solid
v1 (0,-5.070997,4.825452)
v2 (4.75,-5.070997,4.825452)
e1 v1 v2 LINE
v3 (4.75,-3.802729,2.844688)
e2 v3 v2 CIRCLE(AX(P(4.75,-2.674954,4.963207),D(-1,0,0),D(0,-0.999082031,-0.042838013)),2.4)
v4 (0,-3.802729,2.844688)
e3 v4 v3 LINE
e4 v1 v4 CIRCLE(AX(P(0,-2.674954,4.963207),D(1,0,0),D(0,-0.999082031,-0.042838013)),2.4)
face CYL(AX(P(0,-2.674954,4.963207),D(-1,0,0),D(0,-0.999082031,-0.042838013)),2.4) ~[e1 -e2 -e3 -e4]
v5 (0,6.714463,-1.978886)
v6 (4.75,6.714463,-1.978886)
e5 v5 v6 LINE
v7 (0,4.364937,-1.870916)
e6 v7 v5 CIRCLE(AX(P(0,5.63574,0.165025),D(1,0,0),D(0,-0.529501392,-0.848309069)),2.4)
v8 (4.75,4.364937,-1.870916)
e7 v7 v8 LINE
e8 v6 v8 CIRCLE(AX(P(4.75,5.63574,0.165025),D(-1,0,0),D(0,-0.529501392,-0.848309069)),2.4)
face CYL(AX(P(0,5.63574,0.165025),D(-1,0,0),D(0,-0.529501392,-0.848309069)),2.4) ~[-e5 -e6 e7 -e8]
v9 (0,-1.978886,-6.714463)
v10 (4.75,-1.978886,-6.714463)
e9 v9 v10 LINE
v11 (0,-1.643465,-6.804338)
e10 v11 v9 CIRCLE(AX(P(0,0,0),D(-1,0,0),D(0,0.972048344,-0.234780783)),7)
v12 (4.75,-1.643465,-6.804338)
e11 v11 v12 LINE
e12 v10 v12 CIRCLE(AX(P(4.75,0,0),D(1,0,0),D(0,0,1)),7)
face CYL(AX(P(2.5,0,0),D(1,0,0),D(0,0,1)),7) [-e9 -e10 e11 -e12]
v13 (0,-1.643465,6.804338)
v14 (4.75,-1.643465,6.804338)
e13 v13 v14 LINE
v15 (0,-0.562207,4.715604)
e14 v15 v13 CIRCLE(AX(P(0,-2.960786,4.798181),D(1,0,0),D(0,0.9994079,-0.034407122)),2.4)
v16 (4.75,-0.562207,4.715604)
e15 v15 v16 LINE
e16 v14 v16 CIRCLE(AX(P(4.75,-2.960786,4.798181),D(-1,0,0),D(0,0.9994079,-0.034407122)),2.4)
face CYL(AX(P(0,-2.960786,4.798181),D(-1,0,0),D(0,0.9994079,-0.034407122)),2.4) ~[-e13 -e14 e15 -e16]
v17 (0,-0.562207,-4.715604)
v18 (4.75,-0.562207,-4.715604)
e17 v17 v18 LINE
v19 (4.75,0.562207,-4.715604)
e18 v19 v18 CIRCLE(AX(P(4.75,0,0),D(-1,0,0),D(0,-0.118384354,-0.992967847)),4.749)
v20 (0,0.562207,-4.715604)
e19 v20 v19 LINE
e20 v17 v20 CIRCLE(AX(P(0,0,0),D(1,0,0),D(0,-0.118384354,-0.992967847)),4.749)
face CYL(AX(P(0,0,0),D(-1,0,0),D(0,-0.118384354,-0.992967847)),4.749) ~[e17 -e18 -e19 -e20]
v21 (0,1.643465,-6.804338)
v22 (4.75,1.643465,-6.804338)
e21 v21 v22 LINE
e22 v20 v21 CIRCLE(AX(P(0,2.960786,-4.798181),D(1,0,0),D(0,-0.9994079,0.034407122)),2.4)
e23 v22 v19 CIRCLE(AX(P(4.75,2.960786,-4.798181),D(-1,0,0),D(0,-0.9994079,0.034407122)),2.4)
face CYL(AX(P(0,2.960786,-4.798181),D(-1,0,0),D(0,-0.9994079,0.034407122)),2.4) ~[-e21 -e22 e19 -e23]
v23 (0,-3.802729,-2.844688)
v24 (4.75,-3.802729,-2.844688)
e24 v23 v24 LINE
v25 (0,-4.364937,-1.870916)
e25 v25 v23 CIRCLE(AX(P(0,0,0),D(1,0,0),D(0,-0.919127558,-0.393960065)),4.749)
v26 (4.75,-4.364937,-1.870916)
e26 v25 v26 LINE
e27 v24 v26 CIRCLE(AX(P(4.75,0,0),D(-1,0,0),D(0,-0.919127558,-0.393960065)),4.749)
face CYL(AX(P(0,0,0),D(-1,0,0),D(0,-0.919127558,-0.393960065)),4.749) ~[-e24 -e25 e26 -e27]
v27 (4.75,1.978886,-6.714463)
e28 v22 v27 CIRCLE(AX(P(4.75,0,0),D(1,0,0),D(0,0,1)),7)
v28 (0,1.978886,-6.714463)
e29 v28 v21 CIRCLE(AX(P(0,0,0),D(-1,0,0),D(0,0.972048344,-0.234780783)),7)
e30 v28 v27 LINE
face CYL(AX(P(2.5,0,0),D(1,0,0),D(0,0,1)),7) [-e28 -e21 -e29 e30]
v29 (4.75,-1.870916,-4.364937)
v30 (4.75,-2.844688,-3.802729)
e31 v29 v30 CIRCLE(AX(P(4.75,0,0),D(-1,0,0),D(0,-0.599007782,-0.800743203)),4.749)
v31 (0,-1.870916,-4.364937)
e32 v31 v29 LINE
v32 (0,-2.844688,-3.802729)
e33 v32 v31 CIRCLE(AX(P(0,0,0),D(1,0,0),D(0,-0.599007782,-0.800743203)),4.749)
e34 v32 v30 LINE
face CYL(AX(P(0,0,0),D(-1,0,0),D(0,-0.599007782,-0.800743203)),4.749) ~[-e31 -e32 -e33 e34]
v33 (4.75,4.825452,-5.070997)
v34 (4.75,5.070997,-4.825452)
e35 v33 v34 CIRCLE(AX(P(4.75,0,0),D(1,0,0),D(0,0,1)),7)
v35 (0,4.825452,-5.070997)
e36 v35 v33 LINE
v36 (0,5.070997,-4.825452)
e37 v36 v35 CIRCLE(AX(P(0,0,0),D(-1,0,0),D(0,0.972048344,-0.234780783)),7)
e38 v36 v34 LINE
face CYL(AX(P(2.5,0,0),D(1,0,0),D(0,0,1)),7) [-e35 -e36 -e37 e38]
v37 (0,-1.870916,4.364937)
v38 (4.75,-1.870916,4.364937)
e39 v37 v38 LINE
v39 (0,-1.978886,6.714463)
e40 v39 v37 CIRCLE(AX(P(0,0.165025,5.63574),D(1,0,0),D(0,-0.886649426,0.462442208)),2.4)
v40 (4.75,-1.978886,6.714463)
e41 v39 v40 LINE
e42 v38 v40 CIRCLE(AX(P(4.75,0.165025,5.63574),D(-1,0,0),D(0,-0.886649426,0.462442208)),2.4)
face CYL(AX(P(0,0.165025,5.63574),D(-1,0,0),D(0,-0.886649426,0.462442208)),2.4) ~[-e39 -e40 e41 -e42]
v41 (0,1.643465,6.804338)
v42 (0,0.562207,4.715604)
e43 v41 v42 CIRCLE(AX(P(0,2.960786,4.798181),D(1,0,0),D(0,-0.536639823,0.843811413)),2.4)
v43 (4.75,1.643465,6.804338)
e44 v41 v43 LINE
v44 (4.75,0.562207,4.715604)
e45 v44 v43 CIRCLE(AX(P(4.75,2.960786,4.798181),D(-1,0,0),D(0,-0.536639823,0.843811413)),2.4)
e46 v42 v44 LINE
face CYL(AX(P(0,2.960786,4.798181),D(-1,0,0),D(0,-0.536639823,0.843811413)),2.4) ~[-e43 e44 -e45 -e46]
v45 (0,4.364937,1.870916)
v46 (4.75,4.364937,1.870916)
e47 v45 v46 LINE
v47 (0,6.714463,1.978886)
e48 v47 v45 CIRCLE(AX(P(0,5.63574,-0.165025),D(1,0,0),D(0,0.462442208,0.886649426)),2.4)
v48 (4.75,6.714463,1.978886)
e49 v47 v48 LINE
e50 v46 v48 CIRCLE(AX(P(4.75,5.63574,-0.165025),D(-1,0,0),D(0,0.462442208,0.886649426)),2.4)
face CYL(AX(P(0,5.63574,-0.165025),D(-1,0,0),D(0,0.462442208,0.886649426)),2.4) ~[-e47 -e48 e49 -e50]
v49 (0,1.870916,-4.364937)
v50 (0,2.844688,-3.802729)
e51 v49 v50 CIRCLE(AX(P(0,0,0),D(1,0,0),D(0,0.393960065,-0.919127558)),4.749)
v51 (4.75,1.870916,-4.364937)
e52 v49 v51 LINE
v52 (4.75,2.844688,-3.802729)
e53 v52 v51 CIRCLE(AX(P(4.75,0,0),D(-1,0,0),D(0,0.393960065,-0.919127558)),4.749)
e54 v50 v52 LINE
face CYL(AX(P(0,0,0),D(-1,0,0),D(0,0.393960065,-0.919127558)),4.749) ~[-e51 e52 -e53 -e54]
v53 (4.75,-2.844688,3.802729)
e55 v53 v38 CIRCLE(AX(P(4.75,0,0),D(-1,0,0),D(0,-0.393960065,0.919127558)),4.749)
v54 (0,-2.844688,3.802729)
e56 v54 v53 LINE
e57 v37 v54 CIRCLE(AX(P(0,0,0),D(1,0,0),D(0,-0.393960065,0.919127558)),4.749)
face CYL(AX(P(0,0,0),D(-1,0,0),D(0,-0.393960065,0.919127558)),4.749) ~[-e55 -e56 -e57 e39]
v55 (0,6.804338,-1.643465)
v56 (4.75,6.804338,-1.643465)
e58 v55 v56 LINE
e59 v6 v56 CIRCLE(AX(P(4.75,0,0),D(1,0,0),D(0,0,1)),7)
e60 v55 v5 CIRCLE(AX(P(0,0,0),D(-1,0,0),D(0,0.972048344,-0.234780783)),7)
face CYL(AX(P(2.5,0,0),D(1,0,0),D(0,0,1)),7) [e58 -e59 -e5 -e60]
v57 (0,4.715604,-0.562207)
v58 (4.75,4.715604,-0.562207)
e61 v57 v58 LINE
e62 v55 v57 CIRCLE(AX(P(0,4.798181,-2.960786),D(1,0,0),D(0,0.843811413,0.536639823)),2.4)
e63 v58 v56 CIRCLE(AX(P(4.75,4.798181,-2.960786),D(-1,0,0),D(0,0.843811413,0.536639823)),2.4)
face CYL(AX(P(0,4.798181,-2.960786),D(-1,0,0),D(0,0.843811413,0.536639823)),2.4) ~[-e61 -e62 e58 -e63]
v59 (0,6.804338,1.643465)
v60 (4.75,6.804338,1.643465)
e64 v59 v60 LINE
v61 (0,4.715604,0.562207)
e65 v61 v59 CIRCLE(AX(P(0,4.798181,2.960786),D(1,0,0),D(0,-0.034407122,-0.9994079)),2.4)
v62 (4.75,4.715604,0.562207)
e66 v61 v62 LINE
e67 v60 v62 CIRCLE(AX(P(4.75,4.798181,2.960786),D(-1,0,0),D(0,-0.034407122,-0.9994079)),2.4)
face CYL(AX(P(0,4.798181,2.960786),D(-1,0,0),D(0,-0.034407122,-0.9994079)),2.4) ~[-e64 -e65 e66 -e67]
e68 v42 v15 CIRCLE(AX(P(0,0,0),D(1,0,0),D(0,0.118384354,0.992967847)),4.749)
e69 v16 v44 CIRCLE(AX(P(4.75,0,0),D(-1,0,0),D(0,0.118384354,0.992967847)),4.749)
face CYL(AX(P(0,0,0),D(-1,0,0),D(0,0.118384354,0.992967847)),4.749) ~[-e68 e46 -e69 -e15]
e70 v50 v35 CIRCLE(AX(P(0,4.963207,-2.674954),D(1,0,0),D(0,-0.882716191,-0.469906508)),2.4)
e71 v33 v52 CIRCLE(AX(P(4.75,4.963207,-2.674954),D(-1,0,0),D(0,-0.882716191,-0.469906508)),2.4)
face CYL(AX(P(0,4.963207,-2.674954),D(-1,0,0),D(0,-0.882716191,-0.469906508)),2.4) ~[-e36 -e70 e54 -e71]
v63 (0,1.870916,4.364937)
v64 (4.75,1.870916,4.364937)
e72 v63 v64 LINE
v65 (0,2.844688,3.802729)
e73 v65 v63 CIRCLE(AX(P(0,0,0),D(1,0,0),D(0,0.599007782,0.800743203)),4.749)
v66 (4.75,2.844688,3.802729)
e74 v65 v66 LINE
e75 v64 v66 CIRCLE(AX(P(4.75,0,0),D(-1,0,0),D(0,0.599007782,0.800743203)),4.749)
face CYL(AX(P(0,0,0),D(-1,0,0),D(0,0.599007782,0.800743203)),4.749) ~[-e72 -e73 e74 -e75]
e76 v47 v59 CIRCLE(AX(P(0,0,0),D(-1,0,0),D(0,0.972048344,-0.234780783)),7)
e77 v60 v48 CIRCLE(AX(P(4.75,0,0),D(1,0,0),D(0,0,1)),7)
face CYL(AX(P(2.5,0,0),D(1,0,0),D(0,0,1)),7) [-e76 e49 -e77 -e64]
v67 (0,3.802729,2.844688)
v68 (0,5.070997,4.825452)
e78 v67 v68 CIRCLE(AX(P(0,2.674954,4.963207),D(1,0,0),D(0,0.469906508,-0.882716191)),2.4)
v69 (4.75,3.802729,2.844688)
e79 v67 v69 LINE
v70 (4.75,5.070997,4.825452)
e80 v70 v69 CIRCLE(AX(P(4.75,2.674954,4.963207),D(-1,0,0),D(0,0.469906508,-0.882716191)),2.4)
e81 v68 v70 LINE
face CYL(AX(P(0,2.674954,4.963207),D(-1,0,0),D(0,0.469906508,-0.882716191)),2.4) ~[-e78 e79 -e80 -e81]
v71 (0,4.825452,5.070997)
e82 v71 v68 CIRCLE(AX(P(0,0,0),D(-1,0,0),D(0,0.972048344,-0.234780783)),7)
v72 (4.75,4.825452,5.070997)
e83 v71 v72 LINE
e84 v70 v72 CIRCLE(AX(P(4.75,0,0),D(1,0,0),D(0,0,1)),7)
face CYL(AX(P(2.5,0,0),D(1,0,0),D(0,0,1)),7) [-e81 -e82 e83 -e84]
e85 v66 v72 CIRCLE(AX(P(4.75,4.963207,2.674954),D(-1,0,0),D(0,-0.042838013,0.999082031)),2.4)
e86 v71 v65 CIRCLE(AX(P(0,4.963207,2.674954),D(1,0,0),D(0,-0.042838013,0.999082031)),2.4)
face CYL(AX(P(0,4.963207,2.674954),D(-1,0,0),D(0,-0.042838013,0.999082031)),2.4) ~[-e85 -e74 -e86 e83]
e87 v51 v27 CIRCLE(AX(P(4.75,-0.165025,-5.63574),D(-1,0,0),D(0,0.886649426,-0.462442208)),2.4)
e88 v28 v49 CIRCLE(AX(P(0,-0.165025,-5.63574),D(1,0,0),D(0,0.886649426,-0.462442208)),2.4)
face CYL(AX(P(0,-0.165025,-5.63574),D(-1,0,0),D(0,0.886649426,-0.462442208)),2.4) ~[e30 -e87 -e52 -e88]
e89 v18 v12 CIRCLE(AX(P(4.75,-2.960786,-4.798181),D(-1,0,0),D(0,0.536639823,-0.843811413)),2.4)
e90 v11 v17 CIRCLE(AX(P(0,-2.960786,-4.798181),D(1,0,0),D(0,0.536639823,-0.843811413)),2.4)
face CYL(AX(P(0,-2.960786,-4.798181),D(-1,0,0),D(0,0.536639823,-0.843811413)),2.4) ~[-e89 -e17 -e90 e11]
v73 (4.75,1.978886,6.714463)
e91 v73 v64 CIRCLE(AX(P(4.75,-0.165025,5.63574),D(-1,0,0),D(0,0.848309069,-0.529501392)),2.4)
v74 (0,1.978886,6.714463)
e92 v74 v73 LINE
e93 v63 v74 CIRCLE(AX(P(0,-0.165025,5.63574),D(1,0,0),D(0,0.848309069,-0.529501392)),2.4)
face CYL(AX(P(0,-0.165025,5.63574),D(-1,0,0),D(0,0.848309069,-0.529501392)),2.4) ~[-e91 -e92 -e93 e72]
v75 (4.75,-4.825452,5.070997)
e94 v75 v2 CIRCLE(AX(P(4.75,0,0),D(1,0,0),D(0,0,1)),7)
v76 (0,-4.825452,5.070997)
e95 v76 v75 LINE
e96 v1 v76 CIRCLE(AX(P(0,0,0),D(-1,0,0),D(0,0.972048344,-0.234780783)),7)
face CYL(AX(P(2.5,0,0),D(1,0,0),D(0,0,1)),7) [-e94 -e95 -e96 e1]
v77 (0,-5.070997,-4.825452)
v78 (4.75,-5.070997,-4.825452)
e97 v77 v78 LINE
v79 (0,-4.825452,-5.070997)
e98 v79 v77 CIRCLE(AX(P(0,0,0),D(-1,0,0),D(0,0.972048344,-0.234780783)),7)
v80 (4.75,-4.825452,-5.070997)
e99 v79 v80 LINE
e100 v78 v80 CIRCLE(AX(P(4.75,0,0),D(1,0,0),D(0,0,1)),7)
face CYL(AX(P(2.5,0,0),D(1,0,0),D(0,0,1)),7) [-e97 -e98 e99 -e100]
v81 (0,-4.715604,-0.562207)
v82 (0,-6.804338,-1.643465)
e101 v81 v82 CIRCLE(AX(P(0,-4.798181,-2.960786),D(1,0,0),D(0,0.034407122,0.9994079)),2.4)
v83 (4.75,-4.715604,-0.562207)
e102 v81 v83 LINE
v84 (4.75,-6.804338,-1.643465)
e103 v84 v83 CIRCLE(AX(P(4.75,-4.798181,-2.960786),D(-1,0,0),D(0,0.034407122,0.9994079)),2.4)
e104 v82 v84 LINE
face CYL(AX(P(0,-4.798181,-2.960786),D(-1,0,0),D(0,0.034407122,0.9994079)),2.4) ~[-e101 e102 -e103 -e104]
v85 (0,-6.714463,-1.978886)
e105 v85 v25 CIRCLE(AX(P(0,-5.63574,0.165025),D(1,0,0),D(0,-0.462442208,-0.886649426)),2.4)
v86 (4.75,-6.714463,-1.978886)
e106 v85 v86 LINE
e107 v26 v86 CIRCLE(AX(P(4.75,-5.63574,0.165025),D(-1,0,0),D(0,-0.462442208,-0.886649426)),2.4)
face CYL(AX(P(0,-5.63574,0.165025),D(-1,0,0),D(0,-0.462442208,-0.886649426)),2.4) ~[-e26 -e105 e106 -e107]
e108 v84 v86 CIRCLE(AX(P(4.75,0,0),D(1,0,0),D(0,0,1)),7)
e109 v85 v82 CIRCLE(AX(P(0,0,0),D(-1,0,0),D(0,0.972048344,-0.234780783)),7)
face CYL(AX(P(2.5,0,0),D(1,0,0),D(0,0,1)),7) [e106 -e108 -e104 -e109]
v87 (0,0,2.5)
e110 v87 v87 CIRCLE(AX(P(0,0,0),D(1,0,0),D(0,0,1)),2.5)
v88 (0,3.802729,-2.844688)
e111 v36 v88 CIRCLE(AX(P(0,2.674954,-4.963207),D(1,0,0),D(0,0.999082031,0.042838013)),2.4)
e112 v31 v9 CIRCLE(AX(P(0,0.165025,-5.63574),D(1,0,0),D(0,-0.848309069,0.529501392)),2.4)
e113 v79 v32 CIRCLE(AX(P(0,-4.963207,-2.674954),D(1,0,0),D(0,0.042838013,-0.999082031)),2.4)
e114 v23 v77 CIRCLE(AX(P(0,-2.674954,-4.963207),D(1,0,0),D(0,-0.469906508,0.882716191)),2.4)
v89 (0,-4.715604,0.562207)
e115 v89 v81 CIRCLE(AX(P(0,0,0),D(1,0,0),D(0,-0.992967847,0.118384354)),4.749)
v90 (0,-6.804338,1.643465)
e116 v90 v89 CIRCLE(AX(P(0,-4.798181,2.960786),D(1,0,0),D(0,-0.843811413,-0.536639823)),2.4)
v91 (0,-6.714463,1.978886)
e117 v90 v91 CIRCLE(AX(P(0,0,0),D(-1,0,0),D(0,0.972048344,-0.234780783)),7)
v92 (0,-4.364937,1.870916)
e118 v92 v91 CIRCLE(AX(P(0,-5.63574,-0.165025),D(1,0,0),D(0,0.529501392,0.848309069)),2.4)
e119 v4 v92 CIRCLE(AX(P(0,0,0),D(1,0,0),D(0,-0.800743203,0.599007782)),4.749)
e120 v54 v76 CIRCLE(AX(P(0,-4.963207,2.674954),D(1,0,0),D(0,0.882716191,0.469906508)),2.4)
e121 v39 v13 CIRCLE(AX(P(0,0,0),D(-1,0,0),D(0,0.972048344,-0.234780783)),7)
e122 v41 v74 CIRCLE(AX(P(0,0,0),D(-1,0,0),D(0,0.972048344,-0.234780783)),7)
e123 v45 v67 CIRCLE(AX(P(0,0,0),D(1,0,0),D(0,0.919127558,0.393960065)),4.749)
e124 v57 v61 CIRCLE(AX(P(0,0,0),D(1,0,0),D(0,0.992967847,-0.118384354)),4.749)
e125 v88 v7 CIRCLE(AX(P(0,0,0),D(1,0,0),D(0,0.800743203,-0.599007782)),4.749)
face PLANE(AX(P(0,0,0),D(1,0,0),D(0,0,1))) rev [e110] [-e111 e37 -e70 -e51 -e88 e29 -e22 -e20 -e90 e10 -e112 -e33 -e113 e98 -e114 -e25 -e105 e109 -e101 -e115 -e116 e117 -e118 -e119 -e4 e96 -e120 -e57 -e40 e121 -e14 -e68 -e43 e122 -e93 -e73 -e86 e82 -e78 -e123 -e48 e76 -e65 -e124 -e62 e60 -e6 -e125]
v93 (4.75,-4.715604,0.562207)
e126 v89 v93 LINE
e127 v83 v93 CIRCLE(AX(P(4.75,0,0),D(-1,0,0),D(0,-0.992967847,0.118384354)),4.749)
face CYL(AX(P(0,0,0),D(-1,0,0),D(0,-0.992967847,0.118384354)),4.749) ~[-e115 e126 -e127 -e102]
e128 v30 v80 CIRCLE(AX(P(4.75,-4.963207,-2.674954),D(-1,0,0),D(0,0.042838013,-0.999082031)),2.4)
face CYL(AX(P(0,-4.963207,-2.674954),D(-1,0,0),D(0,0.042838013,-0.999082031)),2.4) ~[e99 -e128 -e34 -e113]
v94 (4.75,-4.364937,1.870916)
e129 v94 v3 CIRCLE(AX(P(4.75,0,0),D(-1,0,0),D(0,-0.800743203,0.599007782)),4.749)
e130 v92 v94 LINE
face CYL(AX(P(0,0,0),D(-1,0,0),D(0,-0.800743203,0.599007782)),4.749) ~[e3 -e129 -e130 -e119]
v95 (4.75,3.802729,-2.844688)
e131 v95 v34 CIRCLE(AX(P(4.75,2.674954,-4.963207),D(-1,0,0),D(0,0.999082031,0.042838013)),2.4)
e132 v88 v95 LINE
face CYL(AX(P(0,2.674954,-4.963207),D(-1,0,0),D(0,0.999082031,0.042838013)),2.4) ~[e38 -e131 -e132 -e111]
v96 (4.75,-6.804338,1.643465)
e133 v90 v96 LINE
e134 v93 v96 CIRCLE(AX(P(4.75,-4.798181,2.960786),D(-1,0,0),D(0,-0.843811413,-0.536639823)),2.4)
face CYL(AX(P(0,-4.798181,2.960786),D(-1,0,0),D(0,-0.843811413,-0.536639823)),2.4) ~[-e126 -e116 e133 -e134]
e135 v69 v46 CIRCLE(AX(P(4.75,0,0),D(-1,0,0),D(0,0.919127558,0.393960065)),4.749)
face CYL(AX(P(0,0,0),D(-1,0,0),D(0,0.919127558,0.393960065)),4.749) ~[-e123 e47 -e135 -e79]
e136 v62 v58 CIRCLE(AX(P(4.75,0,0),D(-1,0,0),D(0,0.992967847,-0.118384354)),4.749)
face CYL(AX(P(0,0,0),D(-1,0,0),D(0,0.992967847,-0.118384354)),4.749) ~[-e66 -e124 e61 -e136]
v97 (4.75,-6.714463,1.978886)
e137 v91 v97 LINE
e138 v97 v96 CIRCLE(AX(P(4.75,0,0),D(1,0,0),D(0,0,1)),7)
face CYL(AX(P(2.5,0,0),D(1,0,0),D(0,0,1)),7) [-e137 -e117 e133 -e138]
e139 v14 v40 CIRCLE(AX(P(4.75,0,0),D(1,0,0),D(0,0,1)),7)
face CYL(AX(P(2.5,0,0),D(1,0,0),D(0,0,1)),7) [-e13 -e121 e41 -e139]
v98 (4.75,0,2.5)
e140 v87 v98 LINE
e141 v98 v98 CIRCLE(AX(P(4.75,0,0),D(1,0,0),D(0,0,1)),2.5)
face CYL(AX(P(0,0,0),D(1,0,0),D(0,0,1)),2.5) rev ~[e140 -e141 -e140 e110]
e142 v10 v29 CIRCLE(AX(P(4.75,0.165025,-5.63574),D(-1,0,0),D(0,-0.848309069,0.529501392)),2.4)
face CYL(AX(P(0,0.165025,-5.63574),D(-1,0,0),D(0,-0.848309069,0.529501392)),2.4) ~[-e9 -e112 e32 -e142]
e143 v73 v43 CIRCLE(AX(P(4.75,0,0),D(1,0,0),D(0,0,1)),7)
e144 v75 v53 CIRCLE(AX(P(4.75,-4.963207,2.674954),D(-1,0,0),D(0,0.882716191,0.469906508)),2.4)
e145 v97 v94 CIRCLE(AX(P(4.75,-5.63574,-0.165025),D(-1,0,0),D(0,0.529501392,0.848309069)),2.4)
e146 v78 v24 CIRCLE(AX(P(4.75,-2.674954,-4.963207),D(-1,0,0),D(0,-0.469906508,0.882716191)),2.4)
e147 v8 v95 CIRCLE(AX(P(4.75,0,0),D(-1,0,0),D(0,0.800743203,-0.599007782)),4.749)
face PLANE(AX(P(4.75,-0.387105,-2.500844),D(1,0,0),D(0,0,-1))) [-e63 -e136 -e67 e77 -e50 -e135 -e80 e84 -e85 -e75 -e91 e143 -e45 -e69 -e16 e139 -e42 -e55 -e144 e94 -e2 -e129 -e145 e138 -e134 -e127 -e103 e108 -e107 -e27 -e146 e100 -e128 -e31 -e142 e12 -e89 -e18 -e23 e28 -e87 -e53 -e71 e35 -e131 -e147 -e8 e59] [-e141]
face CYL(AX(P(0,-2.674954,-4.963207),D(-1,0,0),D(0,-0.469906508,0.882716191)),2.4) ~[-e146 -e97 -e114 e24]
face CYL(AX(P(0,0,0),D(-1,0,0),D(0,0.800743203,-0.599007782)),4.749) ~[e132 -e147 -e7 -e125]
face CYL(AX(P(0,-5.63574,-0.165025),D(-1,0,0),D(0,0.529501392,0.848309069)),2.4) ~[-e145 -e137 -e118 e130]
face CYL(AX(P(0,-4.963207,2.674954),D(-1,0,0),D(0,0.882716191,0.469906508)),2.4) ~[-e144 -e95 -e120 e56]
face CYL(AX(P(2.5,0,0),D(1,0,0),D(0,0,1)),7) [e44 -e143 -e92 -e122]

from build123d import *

# Parameters (mm, degrees)
BASPROSKE_W        = 5
BASPROSKE_H        = 7
TOOTHCUT_DEPTH     = 12.090536506
TEETHCUTS_COUNT    = 12
TEETHCUTS_ANGLE    = 330
BORSKE_R           = 2.5
BORE_DEPTH         = 50.0000508
SKETCH1_W          = 20.08971131
SKETCH1_H          = 17.337649252
CUT_EXTRUDE3_DEPTH = 0.25


with BuildPart() as part:
    # BasProSke → Base-Revolve (revolve)
    with BuildSketch(Plane(origin=(0, 0, 0), x_dir=(1, 0, 0), z_dir=(0, 1, 0)), mode=Mode.PRIVATE) as base_revolve_sk:
        with Locations((2.5, 3.5)):
            Rectangle(BASPROSKE_W, BASPROSKE_H)
    revolve(base_revolve_sk.sketch.rotate(Axis((-10, 0, 0), (1, 0, 0)), 180), axis=Axis((-10, 0, 0), (1, 0, 0)))

    # TooCutSke → ToothCut (cut, through all)
    with BuildSketch(Plane(origin=(0, 0, 0), x_dir=(0, 0, -1), z_dir=(1, 0, 0))):
        with BuildLine():
            ThreePointArc((0.562207301, 4.715604304), (0, 4.749), (-0.562207301, 4.715604304))
            ThreePointArc((-0.562207301, 4.715604304), (-0.837528627, 5.917009812), (-1.672850686, 6.823328788))
            ThreePointArc((-1.672850686, 6.823328788), (0, 7.0254), (1.672850686, 6.823328788))
            ThreePointArc((1.672850686, 6.823328788), (0.837528627, 5.917009812), (0.562207301, 4.715604304))
        make_face()
    toothcut = extrude(amount=TOOTHCUT_DEPTH, mode=Mode.SUBTRACT)

    # TeethCuts: ToothCut ×12 about axis
    teethcuts_axis = Axis((-10, 0, 0), (1, 0, 0))
    for i in range(1, TEETHCUTS_COUNT):
        add(toothcut.rotate(teethcuts_axis, i * TEETHCUTS_ANGLE / (TEETHCUTS_COUNT - 1)), mode=Mode.SUBTRACT)

    # BorSke → Bore (cut, symmetric)
    with BuildSketch(Plane(origin=(0, 0, 0), x_dir=(0, 0, -1), z_dir=(1, 0, 0))):
        with Locations(Location((0, 0, 0), (0, 0, 180))):
            Circle(BORSKE_R)
    extrude(amount=BORE_DEPTH, both=True, mode=Mode.SUBTRACT)

    # Sketch1 → Cut-Extrude3 (cut)
    with BuildSketch(Plane(origin=(5, 0, 0), x_dir=(0, 0, -1), z_dir=(1, 0, 0))):
        with Locations((2.500843807, -0.387105296)):
            Rectangle(SKETCH1_W, SKETCH1_H)
    extrude(amount=-CUT_EXTRUDE3_DEPTH, mode=Mode.SUBTRACT)


solid = part.part
